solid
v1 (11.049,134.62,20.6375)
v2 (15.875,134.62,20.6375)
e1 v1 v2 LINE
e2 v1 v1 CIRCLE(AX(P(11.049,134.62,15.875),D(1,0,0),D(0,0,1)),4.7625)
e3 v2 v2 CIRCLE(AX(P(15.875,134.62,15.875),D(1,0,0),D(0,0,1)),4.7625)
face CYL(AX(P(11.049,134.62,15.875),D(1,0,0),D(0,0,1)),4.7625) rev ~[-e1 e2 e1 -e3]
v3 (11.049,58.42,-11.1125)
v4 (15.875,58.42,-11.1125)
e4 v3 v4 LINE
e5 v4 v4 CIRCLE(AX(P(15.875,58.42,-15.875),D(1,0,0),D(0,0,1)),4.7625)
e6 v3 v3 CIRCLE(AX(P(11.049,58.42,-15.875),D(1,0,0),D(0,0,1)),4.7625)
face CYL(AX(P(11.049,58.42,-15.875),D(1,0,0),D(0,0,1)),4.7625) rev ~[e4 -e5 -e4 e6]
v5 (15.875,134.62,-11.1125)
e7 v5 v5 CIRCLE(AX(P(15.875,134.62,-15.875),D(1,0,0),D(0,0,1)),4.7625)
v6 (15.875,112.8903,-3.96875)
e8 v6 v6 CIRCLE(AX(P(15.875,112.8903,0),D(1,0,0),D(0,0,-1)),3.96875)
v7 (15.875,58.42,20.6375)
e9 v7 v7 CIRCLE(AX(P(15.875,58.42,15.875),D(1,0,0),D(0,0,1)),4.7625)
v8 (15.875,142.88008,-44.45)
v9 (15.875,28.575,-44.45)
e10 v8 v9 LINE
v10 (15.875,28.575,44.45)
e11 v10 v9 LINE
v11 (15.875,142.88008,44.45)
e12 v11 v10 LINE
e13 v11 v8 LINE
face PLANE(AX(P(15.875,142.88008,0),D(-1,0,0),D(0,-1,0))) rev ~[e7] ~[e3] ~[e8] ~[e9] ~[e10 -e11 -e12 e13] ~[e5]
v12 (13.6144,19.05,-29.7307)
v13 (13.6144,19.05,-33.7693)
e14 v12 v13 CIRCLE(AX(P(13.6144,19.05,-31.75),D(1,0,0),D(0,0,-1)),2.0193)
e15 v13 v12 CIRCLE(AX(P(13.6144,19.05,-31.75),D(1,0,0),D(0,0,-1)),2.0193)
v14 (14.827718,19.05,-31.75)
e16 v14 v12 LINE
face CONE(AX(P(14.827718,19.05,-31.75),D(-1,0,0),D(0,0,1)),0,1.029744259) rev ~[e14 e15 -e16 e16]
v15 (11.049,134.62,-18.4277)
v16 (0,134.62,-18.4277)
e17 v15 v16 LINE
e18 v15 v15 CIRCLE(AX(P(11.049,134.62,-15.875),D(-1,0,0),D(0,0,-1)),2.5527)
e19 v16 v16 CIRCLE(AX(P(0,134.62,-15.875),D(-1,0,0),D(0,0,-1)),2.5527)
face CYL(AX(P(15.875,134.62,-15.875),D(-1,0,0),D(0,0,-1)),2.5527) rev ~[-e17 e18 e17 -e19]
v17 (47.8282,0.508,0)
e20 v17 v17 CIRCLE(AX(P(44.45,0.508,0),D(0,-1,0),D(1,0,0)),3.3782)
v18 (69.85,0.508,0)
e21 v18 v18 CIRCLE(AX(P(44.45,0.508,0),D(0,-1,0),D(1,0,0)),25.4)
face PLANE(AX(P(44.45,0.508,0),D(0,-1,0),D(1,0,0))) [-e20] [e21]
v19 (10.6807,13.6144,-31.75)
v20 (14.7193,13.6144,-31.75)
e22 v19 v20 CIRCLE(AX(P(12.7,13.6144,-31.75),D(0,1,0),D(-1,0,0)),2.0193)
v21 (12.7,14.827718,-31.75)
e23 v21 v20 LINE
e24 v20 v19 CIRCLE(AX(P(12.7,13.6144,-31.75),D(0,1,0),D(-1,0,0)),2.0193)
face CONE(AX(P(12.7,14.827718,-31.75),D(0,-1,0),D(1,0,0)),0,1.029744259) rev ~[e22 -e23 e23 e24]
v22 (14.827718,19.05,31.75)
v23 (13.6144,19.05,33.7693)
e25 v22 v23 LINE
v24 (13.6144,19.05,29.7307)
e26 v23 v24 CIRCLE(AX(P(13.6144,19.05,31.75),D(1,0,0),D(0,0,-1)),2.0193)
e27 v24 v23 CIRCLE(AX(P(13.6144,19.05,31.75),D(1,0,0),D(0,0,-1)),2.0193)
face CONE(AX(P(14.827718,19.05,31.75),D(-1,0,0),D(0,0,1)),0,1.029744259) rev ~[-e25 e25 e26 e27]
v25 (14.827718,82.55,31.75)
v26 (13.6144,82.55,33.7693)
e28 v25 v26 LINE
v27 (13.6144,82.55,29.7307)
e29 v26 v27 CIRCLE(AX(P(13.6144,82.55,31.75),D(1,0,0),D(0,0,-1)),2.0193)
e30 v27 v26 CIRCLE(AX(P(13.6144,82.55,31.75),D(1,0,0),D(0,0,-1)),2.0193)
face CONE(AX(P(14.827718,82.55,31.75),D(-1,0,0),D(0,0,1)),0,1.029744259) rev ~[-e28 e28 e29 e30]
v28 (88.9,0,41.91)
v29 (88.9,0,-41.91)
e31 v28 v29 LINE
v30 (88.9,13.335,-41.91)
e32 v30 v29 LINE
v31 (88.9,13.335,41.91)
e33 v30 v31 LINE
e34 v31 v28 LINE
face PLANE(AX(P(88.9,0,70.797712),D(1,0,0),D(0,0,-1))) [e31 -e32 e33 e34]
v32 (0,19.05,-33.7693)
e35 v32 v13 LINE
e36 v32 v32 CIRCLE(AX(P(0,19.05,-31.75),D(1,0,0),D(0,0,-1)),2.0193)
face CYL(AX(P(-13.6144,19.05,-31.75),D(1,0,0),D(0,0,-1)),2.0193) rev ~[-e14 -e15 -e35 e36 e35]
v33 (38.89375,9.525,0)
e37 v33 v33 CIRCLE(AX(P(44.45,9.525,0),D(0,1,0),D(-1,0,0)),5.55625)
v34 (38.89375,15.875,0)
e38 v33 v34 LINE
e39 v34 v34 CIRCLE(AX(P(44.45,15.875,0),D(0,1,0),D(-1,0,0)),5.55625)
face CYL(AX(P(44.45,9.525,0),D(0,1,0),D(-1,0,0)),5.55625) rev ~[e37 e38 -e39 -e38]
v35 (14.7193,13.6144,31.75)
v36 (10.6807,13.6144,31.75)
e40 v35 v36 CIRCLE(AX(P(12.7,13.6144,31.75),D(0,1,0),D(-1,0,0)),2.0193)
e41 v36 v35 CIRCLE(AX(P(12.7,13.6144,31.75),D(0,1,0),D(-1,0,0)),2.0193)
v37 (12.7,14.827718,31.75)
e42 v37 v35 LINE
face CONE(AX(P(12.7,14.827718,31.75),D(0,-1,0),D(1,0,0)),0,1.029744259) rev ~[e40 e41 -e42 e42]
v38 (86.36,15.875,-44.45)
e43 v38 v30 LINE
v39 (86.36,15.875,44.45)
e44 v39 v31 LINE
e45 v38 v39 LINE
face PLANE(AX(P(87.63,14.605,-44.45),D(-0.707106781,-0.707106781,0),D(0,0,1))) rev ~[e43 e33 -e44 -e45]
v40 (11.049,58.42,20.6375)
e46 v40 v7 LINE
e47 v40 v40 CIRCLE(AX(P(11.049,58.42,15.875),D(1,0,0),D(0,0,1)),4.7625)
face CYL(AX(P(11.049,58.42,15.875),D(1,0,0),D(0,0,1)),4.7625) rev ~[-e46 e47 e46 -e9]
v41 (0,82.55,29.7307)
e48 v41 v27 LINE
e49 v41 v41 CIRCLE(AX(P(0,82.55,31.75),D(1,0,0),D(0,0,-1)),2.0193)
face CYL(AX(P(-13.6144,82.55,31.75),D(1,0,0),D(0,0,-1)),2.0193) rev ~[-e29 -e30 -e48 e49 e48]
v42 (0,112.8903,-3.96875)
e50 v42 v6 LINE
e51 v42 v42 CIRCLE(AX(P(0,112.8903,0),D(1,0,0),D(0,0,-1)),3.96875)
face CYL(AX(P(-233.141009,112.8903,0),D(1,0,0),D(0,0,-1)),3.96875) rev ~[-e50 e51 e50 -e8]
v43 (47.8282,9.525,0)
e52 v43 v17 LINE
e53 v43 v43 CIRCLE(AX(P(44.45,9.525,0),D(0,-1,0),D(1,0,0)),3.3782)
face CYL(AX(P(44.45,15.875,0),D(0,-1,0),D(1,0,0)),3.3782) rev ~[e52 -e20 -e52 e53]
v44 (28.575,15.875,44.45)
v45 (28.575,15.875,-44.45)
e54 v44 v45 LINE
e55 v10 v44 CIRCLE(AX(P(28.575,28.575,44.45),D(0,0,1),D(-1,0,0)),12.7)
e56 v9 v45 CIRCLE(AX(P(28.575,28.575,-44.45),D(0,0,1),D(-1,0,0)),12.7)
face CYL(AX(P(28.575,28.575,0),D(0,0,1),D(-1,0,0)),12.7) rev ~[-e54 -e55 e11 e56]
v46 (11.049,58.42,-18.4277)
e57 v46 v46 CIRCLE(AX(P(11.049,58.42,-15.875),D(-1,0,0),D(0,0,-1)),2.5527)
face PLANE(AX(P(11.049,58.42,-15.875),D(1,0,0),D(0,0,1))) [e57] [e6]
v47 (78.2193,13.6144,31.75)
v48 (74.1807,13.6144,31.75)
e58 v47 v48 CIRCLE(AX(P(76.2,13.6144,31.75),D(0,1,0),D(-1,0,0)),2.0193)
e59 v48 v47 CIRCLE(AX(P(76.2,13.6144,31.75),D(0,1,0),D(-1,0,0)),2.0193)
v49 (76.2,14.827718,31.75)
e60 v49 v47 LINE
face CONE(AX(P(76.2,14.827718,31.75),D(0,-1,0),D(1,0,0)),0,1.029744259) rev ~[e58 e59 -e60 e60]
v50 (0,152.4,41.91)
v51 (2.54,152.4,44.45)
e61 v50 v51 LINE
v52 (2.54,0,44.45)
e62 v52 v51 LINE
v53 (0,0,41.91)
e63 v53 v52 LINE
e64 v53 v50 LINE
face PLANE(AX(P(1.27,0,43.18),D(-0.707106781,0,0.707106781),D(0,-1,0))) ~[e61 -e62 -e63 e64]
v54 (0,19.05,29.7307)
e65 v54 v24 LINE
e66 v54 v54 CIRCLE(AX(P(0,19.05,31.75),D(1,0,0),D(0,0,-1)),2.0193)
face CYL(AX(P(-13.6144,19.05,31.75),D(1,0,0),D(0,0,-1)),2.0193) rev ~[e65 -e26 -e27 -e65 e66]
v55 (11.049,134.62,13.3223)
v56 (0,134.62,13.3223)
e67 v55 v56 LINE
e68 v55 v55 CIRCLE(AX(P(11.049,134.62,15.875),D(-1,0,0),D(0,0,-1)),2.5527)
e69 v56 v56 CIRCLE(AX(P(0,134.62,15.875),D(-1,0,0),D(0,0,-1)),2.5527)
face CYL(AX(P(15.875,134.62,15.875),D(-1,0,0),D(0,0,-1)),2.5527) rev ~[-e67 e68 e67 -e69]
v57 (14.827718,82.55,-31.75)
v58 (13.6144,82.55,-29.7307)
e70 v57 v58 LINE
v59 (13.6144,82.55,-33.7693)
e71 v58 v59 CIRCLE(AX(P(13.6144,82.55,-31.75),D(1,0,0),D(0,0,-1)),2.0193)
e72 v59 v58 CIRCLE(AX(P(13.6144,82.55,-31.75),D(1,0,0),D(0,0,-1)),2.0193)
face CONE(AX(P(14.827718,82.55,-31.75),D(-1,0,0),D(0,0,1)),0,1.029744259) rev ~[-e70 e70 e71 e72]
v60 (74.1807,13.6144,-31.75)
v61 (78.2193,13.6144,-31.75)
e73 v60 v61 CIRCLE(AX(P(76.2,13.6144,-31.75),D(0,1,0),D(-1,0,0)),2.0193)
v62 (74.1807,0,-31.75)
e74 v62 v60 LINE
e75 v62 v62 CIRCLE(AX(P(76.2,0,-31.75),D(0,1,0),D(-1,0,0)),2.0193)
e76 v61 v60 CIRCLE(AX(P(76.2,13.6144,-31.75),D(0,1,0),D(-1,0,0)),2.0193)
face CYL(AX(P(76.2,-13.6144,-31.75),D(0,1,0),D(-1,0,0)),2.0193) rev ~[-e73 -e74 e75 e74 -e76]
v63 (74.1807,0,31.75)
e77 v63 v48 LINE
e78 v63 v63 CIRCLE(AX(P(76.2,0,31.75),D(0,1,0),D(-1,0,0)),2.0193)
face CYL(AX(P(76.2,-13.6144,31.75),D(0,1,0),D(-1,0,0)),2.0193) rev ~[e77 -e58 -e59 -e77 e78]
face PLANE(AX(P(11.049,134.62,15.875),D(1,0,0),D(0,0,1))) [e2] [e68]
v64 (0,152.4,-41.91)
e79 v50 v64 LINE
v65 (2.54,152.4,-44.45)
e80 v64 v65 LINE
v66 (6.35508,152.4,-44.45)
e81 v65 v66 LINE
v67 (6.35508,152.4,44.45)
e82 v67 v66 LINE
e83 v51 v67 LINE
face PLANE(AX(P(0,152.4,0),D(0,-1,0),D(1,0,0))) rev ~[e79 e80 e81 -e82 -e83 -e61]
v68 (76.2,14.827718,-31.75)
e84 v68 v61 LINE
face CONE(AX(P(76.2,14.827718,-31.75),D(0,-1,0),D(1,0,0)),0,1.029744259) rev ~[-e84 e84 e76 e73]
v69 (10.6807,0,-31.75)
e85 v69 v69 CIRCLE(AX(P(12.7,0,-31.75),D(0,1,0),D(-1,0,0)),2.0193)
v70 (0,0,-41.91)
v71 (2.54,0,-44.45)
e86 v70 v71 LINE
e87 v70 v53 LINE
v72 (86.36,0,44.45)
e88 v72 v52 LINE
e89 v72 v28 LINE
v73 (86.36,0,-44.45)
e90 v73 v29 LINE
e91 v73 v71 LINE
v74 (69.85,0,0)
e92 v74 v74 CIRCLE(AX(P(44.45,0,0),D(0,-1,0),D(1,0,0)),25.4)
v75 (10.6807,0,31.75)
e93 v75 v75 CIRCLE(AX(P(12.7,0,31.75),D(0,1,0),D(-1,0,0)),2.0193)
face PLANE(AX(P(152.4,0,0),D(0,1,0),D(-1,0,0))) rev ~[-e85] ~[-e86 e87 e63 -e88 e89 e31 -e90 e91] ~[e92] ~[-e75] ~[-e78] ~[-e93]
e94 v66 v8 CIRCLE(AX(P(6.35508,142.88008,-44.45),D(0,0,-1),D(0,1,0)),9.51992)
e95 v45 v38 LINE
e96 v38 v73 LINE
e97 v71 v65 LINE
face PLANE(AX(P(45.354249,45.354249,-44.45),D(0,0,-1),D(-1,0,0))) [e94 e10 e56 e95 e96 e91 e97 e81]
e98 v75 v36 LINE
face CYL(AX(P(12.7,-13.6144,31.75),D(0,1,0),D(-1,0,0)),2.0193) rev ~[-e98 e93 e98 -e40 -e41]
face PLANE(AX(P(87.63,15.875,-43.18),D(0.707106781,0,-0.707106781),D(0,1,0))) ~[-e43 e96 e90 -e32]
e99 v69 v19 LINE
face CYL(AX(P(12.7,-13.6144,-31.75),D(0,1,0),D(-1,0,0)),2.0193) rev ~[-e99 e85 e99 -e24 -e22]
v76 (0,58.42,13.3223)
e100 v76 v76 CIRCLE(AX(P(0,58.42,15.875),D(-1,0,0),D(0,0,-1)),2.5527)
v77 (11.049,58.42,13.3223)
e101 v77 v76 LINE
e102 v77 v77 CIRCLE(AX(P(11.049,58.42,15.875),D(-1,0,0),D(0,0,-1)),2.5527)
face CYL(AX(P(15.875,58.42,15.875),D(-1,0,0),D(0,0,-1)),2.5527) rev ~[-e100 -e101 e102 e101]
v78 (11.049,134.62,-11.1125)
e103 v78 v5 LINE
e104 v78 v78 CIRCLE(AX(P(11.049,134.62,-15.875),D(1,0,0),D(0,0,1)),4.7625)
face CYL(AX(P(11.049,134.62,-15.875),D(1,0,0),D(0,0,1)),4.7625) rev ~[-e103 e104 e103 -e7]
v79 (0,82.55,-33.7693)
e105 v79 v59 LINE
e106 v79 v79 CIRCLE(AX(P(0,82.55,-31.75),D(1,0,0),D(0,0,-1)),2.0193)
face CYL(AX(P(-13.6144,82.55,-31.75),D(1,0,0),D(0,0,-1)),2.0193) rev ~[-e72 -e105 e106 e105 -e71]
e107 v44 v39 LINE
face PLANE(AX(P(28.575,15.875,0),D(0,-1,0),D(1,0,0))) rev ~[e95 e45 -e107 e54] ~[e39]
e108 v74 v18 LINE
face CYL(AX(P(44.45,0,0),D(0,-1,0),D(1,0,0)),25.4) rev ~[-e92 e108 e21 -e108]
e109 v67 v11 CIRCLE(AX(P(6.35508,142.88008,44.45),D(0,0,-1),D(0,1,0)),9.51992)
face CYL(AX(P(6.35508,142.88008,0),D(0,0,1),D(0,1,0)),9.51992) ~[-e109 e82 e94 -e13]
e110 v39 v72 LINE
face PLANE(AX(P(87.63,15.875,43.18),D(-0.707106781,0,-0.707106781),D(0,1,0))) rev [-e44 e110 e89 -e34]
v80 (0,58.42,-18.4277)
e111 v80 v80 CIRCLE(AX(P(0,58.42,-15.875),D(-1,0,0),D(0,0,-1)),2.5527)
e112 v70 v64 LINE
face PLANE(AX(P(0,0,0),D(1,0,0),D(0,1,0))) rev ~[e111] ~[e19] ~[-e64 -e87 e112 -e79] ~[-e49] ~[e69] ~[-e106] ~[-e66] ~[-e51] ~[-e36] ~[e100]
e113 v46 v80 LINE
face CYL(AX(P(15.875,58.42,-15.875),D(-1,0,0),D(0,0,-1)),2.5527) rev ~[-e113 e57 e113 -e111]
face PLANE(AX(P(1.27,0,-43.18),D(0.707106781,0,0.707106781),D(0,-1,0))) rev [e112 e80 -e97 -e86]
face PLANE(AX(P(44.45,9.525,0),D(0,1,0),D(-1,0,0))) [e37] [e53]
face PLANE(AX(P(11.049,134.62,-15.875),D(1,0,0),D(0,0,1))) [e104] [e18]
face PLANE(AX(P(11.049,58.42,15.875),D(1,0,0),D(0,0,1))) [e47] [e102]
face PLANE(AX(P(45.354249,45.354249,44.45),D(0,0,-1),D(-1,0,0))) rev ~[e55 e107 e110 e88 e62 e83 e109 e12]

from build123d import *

# Parameters (mm, degrees)
BASESTEELANGLE_DEPTH                             = 44.45
F_3_8_16_TAPPED_HOLE1_D                          = 7.9375
CBORE_FOR_10_SOCKET_HEAD_CAP_SCREW2_D            = 5.1054
CBORE_FOR_10_SOCKET_HEAD_CAP_SCREW2_CBORE_D      = 9.525
CBORE_FOR_10_SOCKET_HEAD_CAP_SCREW2_CBORE_DEPTH  = 4.826
SKETCH16_W                                       = 94.308892356
SKETCH16_H                                       = 144.501300052
CUT_EXTRUDE1_DEPTH                               = 25.4
F_10_32_TAPPED_HOLE3_D                           = 4.0386
F_10_32_TAPPED_HOLE3_DEPTH                       = 13.6144
F_10_32_TAPPED_HOLE3_TIP                         = 1.213317848
F_10_32_TAPPED_HOLE4_D                           = 4.0386
F_10_32_TAPPED_HOLE4_DEPTH                       = 13.6144
F_10_32_TAPPED_HOLE4_TIP                         = 1.213317848
CBORE_FOR_1_4_SOCKET_HEAD_CAP_SCREW1_D           = 6.7564
CBORE_FOR_1_4_SOCKET_HEAD_CAP_SCREW1_CBORE_D     = 11.1125
CBORE_FOR_1_4_SOCKET_HEAD_CAP_SCREW1_CBORE_DEPTH = 6.35
SKETCH19_R                                       = 25.4
CUT_EXTRUDE2_DEPTH                               = 0.508
CHAMFER1_SIZE                                    = 2.54


with BuildPart() as part:
    # Sketch1 → BaseSteelAngle (new body, symmetric)
    with BuildSketch(Plane.XY):
        with BuildLine():
            Line((0, 0), (0, 152.4))
            Line((0, 152.4), (6.35508, 152.4))
            ThreePointArc((6.35508, 152.4), (13.086679988, 149.611679988), (15.875, 142.88008))
            Line((15.875, 142.88008), (15.875, 28.575))
            ThreePointArc((15.875, 28.575), (19.594743879, 19.594743879), (28.575, 15.875))
            Line((28.575, 15.875), (142.88008, 15.875))
            ThreePointArc((142.88008, 15.875), (149.611679988, 13.086679988), (152.4, 6.35508))
            Line((152.4, 6.35508), (152.4, 0))
            Line((152.4, 0), (0, 0))
        make_face()
    extrude(amount=BASESTEELANGLE_DEPTH, both=True)

    # 3/8-16 Tapped Hole1 (through all)
    with Locations(Plane.ZY):
        with Locations((0, 112.8903)):
            Hole(F_3_8_16_TAPPED_HOLE1_D / 2)

    # CBORE for #10 Socket Head Cap Screw2 (through all)
    with Locations(Plane(origin=(15.875, 58.160616164, 30.43670953), x_dir=(0, 0, 1), z_dir=(1, 0, 0))):
        with Locations((-46.31170953, -0.259383836), (-14.56170953, -0.259383836), (-14.56170953, -76.459383836), (-46.31170953, -76.459383836)):
            CounterBoreHole(CBORE_FOR_10_SOCKET_HEAD_CAP_SCREW2_D / 2, CBORE_FOR_10_SOCKET_HEAD_CAP_SCREW2_CBORE_D / 2, CBORE_FOR_10_SOCKET_HEAD_CAP_SCREW2_CBORE_DEPTH)

    # Sketch16 → Cut-Extrude1 (cut, symmetric)
    with BuildSketch(Plane(origin=(0, 0, 0), x_dir=(1, 0, 0), z_dir=(0, 1, 0))):
        with Locations((136.054446178, 1.452938118)):
            Rectangle(SKETCH16_W, SKETCH16_H)
    extrude(amount=CUT_EXTRUDE1_DEPTH, both=True, mode=Mode.SUBTRACT)

    # #10-32 Tapped Hole3
    with Locations(Plane.ZY):
        with Locations((-31.75, 82.55), (31.75, 82.55), (31.75, 19.05), (-31.75, 19.05)):
            Hole(F_10_32_TAPPED_HOLE3_D / 2, depth=F_10_32_TAPPED_HOLE3_DEPTH)
            with Locations((0, 0, -(F_10_32_TAPPED_HOLE3_DEPTH + F_10_32_TAPPED_HOLE3_TIP / 2))):  # 118° drill point
                Cone(0, F_10_32_TAPPED_HOLE3_D / 2, F_10_32_TAPPED_HOLE3_TIP, mode=Mode.SUBTRACT)

    # #10-32 Tapped Hole4
    with Locations(Plane.XZ):
        with Locations((76.2, 31.75), (12.7, 31.75), (12.7, -31.75), (76.2, -31.75)):
            Hole(F_10_32_TAPPED_HOLE4_D / 2, depth=F_10_32_TAPPED_HOLE4_DEPTH)
            with Locations((0, 0, -(F_10_32_TAPPED_HOLE4_DEPTH + F_10_32_TAPPED_HOLE4_TIP / 2))):  # 118° drill point
                Cone(0, F_10_32_TAPPED_HOLE4_D / 2, F_10_32_TAPPED_HOLE4_TIP, mode=Mode.SUBTRACT)

    # CBORE for 1/4 Socket Head Cap Screw1 (through all)
    with Locations(Plane(origin=(0, 15.875, 0), x_dir=(-1, 0, 0), z_dir=(0, 1, 0))):
        with Locations((-44.45, 0)):
            CounterBoreHole(CBORE_FOR_1_4_SOCKET_HEAD_CAP_SCREW1_D / 2, CBORE_FOR_1_4_SOCKET_HEAD_CAP_SCREW1_CBORE_D / 2, CBORE_FOR_1_4_SOCKET_HEAD_CAP_SCREW1_CBORE_DEPTH)

    # Sketch19 → Cut-Extrude2 (cut)
    with BuildSketch(Plane.XZ):
        with Locations((44.45, 0)):
            Circle(SKETCH19_R)
    extrude(amount=-CUT_EXTRUDE2_DEPTH, mode=Mode.SUBTRACT)

    # Chamfer1
    chamfer1_edges = [part.edges().sort_by_distance(p)[0] for p in [
        (0, 76.2, 44.45),
        (88.9, 7.9375, -44.45),
        (88.9, 7.9375, 44.45),
        (88.9, 15.875, 0),
        (0, 76.2, -44.45),
    ]]
    chamfer(chamfer1_edges, length=CHAMFER1_SIZE)


solid = part.part
